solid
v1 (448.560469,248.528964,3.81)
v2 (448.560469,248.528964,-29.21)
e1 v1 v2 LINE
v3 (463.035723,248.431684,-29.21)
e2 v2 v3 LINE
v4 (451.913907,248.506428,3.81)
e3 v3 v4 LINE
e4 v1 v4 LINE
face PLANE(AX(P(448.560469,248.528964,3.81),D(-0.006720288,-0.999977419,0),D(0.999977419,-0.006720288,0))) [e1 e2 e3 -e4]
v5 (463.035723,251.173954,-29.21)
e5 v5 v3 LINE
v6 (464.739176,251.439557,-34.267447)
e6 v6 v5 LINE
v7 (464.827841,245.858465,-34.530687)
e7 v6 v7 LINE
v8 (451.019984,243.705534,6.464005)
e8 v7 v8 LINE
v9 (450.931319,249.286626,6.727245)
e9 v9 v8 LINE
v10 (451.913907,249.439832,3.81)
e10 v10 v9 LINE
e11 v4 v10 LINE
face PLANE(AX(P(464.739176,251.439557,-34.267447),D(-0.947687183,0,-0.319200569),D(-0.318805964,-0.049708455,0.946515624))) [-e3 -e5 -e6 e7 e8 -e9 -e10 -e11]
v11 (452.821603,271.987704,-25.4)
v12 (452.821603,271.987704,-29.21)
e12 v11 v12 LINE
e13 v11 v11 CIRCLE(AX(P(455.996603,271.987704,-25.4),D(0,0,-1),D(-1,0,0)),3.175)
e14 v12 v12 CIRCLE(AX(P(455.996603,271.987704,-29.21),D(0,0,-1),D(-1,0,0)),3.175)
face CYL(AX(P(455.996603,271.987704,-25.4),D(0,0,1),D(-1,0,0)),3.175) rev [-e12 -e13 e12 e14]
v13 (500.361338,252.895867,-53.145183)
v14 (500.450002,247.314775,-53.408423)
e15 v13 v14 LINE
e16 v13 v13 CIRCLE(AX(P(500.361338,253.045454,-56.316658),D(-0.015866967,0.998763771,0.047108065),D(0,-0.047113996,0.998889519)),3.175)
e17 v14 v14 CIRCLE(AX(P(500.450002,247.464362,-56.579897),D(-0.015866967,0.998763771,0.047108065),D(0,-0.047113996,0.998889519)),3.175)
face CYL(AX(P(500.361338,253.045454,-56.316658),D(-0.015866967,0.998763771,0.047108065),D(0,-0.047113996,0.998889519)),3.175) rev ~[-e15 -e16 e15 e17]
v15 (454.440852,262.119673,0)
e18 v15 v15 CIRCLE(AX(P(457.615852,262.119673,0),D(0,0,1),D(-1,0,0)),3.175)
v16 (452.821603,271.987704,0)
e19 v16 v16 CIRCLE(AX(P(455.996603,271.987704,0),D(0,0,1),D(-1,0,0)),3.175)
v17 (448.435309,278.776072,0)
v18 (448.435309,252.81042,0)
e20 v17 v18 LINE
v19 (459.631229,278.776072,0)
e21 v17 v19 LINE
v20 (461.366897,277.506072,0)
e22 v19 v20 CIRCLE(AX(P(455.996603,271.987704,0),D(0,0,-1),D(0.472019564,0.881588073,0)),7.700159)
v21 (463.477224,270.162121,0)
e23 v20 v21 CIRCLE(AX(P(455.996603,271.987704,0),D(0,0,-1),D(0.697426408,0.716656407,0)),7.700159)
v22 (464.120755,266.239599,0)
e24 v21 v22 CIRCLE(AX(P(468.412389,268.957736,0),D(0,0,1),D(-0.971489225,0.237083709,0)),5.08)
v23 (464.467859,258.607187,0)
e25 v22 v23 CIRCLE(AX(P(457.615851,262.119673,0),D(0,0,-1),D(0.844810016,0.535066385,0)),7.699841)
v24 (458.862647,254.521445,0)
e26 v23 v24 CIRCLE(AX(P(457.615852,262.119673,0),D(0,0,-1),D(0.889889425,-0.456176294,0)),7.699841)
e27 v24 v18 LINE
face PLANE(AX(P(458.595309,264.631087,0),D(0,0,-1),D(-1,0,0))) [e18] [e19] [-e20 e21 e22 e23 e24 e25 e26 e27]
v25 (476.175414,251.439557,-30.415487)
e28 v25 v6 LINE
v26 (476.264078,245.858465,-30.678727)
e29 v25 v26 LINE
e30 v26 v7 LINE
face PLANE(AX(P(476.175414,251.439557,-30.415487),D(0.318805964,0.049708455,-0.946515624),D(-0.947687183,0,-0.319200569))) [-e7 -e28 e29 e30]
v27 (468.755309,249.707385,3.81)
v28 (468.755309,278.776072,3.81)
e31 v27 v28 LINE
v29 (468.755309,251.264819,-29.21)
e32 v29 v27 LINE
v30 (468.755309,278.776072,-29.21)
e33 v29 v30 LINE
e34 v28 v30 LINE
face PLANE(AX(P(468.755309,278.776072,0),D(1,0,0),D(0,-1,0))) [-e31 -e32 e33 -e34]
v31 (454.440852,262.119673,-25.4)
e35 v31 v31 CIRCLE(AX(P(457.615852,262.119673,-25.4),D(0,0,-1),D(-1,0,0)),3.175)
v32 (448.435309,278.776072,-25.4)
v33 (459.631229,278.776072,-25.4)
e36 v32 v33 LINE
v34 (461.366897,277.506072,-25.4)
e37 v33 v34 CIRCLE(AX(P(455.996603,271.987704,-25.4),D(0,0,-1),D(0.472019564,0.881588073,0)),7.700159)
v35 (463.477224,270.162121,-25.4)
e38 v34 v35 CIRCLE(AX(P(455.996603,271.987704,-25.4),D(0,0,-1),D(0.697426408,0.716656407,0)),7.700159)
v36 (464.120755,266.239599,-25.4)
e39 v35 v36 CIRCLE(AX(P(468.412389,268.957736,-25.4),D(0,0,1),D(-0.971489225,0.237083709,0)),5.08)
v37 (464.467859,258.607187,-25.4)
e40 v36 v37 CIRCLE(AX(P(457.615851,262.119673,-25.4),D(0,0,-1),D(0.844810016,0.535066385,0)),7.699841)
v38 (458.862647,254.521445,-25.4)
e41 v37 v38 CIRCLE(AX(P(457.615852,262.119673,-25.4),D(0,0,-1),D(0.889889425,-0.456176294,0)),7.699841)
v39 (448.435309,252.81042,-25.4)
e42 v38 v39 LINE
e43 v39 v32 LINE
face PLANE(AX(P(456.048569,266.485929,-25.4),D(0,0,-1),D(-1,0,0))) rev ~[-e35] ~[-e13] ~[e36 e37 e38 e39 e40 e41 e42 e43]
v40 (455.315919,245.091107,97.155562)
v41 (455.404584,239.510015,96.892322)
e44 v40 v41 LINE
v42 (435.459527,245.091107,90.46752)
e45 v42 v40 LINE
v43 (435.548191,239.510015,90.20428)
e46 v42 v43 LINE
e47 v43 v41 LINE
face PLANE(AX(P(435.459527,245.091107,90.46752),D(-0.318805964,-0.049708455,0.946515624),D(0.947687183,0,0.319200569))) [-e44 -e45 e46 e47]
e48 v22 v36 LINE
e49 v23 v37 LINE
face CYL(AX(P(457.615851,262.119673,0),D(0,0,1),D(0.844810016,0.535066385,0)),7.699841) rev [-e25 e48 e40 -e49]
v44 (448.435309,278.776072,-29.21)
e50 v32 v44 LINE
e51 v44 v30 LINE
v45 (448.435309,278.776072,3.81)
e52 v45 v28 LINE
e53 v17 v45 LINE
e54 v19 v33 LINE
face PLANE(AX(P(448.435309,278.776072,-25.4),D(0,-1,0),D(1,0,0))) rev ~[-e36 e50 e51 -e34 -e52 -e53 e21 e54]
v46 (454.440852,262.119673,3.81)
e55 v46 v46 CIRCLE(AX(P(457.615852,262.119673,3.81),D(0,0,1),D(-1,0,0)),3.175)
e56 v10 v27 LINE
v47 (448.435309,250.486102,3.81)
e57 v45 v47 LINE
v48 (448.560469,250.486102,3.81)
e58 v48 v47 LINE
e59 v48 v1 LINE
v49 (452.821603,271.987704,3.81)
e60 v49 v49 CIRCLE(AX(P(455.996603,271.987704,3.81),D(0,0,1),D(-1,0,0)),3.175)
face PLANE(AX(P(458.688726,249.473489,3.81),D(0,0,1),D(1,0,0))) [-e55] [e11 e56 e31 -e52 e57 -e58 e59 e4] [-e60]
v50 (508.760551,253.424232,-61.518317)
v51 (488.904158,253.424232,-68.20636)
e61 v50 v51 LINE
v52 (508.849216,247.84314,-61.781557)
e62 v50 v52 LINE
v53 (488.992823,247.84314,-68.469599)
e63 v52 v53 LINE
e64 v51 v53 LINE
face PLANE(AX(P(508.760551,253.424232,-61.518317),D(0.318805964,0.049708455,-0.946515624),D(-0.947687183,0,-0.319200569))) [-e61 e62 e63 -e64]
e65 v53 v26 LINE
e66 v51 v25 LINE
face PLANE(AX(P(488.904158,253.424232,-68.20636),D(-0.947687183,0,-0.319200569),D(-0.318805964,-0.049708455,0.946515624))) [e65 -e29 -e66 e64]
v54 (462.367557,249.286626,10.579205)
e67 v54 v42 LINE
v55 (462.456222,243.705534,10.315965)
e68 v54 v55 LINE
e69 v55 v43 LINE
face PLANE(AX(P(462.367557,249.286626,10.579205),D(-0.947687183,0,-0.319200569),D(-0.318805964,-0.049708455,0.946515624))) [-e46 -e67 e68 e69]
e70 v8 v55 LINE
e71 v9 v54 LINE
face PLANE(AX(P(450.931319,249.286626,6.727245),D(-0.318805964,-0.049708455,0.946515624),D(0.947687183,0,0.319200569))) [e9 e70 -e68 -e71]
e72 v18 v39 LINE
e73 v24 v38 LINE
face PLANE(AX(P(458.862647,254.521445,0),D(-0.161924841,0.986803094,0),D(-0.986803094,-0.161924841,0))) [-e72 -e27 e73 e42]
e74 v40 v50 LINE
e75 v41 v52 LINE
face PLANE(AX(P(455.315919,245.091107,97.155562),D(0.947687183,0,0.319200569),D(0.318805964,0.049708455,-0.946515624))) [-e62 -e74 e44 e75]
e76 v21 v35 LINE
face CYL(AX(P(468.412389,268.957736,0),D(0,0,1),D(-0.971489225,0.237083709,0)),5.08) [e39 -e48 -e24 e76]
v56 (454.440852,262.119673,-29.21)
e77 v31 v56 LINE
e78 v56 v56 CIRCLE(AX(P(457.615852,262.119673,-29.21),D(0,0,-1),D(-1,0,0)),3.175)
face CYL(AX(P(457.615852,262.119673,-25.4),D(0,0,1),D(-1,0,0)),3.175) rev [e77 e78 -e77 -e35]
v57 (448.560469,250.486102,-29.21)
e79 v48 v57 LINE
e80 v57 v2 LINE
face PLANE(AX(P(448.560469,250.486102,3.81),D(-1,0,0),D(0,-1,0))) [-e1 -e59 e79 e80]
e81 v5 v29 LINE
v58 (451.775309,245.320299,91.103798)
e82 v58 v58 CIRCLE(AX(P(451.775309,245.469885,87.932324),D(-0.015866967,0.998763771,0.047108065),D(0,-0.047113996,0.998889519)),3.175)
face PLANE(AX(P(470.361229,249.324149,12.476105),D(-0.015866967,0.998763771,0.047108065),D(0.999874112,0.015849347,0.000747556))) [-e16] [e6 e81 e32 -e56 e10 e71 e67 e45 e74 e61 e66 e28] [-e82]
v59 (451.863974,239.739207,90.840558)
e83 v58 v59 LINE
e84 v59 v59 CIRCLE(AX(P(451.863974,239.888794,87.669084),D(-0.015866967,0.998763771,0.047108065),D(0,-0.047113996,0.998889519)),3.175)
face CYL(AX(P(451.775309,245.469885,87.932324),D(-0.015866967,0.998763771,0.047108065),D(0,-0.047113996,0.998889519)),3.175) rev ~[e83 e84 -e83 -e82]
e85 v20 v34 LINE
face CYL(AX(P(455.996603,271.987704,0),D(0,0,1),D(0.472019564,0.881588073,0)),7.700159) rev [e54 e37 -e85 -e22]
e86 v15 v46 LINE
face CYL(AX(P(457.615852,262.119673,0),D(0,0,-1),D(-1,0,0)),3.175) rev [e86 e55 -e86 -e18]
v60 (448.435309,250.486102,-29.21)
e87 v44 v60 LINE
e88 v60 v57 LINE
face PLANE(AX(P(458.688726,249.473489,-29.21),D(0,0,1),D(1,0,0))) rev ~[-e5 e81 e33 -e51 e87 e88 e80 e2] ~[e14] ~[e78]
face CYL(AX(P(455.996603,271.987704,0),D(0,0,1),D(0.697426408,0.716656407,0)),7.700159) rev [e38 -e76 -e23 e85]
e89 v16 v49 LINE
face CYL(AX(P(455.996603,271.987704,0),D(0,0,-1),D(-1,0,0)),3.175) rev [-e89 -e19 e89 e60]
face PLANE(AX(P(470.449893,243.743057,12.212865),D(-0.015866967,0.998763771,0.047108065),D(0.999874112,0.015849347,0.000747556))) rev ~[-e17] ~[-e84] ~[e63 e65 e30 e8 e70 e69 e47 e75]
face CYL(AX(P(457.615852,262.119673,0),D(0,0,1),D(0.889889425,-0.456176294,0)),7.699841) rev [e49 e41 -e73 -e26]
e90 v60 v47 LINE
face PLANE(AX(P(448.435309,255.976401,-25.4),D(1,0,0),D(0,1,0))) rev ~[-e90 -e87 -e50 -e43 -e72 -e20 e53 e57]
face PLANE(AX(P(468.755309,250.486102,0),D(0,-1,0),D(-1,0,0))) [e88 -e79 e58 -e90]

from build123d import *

# Parameters (mm, degrees)
BOSS_EXTRUDE1_DEPTH = 29.21
SKETCH2_R           = 3.175
BOSS_EXTRUDE2_DEPTH = 3.81
SKETCH3_R           = 3.175
BOSS_EXTRUDE3_DEPTH = 3.81
SKETCH4_R           = 3.175
BOSS_EXTRUDE4_DEPTH = 5.588
BOSS_EXTRUDE5_DEPTH = 33.02


with BuildPart() as part:
    # Sketch1 → Boss-Extrude1 (new body)
    with BuildSketch(Plane.XY):
        with BuildLine():
            Line((468.75530918, 278.776071532), (459.631228606, 278.776071532))
            ThreePointArc((459.631228606, 278.776071532), (460.543620658, 278.201967285), (461.366897066, 277.506071532))
            ThreePointArc((461.366897066, 277.506071532), (463.397272377, 274.114329254), (463.477224231, 270.162121354))
            ThreePointArc((463.477224231, 270.162121354), (463.399405765, 268.135304283), (464.120754615, 266.239598875))
            ThreePointArc((464.120754615, 266.239598875), (465.307742726, 262.469481888), (464.467858916, 258.607187485))
            ThreePointArc((464.467858916, 258.607187485), (462.151375158, 255.897407535), (458.862647092, 254.521445295))
            Line((458.862647092, 254.521445295), (448.43530918, 252.810420021))
            Line((448.43530918, 252.810420021), (448.43530918, 250.486101833))
            Line((448.43530918, 250.486101833), (468.75530918, 250.486101833))
            Line((468.75530918, 250.486101833), (468.75530918, 278.776071532))
        make_face()
    extrude(amount=-BOSS_EXTRUDE1_DEPTH)

    # Sketch2 → Boss-Extrude2 (add)
    with BuildSketch(Plane.XY):
        Polygon((448.43530918, 252.810420021), (448.43530918, 278.776071532), (468.75530918, 278.776071532), (468.75530918, 250.486101833), (448.43530918, 250.486101833), align=None)
        with Locations(Location((455.996603091, 271.987703521, 0), (0, 0, 180))):
            Circle(SKETCH2_R, mode=Mode.SUBTRACT)
        with Locations(Location((457.615851502, 262.119672583, 0), (0, 0, 180))):
            Circle(SKETCH2_R, mode=Mode.SUBTRACT)
    extrude(amount=BOSS_EXTRUDE2_DEPTH)

    # Sketch3 → Boss-Extrude3 (add)
    # profile 1 of 3: a face of its own
    with BuildSketch(Plane(origin=(0, 0, -25.4), x_dir=(-1, 0, 0), z_dir=(0, 0, -1))):
        with BuildLine():
            Line((-464.467858916, 258.607187485), (-448.43530918, 255.976401177))
            Line((-448.43530918, 255.976401177), (-448.43530918, 275.384123064))
            Line((-448.43530918, 275.384123064), (-461.366897066, 277.506071532))
            ThreePointArc((-461.366897066, 277.506071532), (-463.397272377, 274.114329254), (-463.477224231, 270.162121354))
            ThreePointArc((-463.477224231, 270.162121354), (-463.399405765, 268.135304283), (-464.120754615, 266.239598875))
            ThreePointArc((-464.120754615, 266.239598875), (-465.307742726, 262.469481888), (-464.467858916, 258.607187485))
        make_face()
        with Locations((-457.615851502, 262.119672583)):
            Circle(SKETCH3_R, mode=Mode.SUBTRACT)
        with Locations((-455.996603091, 271.987703521)):
            Circle(SKETCH3_R, mode=Mode.SUBTRACT)
    # profile 2 of 3: a face of its own
    with BuildSketch(Plane(origin=(0, 0, -25.4), x_dir=(-1, 0, 0), z_dir=(0, 0, -1))):
        with BuildLine():
            Line((-458.862647092, 254.521445295), (-448.43530918, 252.810420021))
            Line((-448.43530918, 252.810420021), (-448.43530918, 255.976401177))
            Line((-448.43530918, 255.976401177), (-464.467858916, 258.607187485))
            ThreePointArc((-464.467858916, 258.607187485), (-462.151375158, 255.897407535), (-458.862647092, 254.521445295))
        make_face()
    # profile 3 of 3: a face of its own
    with BuildSketch(Plane(origin=(0, 0, -25.4), x_dir=(-1, 0, 0), z_dir=(0, 0, -1))):
        with BuildLine():
            Line((-461.366897066, 277.506071532), (-448.43530918, 275.384123064))
            Line((-448.43530918, 275.384123064), (-448.43530918, 278.776071532))
            Line((-448.43530918, 278.776071532), (-459.631228606, 278.776071532))
            ThreePointArc((-459.631228606, 278.776071532), (-460.543620658, 278.201967285), (-461.366897066, 277.506071532))
        make_face()
    extrude(amount=BOSS_EXTRUDE3_DEPTH)

    # Sketch4 → Boss-Extrude4 (add)
    with BuildSketch(Plane(origin=(-3.84203447, 241.841104975, 11.406767954), x_dir=(0.9998741117550617, 0.015849347043774307, 0.0007475562269394091), z_dir=(-0.015866967007794316, 0.9987637706378837, 0.04710806533037044))):
        Polygon((459.215763784, -85.500450968), (512.667124492, 73.389830794), (492.808231658, 80.070446074), (480.07788451, 42.228033485), (468.640206694, 46.075716527), (454.8306113, 5.025115122), (466.268289117, 1.17743208), (439.35687095, -78.819835688), align=None)
        with Locations(Location((455.674707496, -76.269609027, 0), (0, 0, 270))):
            Circle(SKETCH4_R, mode=Mode.SUBTRACT)
        with Locations(Location((504.266853595, 68.176101666, 0), (0, 0, 270))):
            Circle(SKETCH4_R, mode=Mode.SUBTRACT)
    extrude(amount=-BOSS_EXTRUDE4_DEPTH)

    # Sketch5 → Boss-Extrude5 (add)
    with BuildSketch(Plane.XY.offset(3.81)):
        Polygon((468.75530918, 250.486101833), (448.560469366, 250.486101833), (448.560469366, 248.52896412), (468.75530918, 248.393245925), align=None)
    extrude(amount=-BOSS_EXTRUDE5_DEPTH)


solid = part.part
